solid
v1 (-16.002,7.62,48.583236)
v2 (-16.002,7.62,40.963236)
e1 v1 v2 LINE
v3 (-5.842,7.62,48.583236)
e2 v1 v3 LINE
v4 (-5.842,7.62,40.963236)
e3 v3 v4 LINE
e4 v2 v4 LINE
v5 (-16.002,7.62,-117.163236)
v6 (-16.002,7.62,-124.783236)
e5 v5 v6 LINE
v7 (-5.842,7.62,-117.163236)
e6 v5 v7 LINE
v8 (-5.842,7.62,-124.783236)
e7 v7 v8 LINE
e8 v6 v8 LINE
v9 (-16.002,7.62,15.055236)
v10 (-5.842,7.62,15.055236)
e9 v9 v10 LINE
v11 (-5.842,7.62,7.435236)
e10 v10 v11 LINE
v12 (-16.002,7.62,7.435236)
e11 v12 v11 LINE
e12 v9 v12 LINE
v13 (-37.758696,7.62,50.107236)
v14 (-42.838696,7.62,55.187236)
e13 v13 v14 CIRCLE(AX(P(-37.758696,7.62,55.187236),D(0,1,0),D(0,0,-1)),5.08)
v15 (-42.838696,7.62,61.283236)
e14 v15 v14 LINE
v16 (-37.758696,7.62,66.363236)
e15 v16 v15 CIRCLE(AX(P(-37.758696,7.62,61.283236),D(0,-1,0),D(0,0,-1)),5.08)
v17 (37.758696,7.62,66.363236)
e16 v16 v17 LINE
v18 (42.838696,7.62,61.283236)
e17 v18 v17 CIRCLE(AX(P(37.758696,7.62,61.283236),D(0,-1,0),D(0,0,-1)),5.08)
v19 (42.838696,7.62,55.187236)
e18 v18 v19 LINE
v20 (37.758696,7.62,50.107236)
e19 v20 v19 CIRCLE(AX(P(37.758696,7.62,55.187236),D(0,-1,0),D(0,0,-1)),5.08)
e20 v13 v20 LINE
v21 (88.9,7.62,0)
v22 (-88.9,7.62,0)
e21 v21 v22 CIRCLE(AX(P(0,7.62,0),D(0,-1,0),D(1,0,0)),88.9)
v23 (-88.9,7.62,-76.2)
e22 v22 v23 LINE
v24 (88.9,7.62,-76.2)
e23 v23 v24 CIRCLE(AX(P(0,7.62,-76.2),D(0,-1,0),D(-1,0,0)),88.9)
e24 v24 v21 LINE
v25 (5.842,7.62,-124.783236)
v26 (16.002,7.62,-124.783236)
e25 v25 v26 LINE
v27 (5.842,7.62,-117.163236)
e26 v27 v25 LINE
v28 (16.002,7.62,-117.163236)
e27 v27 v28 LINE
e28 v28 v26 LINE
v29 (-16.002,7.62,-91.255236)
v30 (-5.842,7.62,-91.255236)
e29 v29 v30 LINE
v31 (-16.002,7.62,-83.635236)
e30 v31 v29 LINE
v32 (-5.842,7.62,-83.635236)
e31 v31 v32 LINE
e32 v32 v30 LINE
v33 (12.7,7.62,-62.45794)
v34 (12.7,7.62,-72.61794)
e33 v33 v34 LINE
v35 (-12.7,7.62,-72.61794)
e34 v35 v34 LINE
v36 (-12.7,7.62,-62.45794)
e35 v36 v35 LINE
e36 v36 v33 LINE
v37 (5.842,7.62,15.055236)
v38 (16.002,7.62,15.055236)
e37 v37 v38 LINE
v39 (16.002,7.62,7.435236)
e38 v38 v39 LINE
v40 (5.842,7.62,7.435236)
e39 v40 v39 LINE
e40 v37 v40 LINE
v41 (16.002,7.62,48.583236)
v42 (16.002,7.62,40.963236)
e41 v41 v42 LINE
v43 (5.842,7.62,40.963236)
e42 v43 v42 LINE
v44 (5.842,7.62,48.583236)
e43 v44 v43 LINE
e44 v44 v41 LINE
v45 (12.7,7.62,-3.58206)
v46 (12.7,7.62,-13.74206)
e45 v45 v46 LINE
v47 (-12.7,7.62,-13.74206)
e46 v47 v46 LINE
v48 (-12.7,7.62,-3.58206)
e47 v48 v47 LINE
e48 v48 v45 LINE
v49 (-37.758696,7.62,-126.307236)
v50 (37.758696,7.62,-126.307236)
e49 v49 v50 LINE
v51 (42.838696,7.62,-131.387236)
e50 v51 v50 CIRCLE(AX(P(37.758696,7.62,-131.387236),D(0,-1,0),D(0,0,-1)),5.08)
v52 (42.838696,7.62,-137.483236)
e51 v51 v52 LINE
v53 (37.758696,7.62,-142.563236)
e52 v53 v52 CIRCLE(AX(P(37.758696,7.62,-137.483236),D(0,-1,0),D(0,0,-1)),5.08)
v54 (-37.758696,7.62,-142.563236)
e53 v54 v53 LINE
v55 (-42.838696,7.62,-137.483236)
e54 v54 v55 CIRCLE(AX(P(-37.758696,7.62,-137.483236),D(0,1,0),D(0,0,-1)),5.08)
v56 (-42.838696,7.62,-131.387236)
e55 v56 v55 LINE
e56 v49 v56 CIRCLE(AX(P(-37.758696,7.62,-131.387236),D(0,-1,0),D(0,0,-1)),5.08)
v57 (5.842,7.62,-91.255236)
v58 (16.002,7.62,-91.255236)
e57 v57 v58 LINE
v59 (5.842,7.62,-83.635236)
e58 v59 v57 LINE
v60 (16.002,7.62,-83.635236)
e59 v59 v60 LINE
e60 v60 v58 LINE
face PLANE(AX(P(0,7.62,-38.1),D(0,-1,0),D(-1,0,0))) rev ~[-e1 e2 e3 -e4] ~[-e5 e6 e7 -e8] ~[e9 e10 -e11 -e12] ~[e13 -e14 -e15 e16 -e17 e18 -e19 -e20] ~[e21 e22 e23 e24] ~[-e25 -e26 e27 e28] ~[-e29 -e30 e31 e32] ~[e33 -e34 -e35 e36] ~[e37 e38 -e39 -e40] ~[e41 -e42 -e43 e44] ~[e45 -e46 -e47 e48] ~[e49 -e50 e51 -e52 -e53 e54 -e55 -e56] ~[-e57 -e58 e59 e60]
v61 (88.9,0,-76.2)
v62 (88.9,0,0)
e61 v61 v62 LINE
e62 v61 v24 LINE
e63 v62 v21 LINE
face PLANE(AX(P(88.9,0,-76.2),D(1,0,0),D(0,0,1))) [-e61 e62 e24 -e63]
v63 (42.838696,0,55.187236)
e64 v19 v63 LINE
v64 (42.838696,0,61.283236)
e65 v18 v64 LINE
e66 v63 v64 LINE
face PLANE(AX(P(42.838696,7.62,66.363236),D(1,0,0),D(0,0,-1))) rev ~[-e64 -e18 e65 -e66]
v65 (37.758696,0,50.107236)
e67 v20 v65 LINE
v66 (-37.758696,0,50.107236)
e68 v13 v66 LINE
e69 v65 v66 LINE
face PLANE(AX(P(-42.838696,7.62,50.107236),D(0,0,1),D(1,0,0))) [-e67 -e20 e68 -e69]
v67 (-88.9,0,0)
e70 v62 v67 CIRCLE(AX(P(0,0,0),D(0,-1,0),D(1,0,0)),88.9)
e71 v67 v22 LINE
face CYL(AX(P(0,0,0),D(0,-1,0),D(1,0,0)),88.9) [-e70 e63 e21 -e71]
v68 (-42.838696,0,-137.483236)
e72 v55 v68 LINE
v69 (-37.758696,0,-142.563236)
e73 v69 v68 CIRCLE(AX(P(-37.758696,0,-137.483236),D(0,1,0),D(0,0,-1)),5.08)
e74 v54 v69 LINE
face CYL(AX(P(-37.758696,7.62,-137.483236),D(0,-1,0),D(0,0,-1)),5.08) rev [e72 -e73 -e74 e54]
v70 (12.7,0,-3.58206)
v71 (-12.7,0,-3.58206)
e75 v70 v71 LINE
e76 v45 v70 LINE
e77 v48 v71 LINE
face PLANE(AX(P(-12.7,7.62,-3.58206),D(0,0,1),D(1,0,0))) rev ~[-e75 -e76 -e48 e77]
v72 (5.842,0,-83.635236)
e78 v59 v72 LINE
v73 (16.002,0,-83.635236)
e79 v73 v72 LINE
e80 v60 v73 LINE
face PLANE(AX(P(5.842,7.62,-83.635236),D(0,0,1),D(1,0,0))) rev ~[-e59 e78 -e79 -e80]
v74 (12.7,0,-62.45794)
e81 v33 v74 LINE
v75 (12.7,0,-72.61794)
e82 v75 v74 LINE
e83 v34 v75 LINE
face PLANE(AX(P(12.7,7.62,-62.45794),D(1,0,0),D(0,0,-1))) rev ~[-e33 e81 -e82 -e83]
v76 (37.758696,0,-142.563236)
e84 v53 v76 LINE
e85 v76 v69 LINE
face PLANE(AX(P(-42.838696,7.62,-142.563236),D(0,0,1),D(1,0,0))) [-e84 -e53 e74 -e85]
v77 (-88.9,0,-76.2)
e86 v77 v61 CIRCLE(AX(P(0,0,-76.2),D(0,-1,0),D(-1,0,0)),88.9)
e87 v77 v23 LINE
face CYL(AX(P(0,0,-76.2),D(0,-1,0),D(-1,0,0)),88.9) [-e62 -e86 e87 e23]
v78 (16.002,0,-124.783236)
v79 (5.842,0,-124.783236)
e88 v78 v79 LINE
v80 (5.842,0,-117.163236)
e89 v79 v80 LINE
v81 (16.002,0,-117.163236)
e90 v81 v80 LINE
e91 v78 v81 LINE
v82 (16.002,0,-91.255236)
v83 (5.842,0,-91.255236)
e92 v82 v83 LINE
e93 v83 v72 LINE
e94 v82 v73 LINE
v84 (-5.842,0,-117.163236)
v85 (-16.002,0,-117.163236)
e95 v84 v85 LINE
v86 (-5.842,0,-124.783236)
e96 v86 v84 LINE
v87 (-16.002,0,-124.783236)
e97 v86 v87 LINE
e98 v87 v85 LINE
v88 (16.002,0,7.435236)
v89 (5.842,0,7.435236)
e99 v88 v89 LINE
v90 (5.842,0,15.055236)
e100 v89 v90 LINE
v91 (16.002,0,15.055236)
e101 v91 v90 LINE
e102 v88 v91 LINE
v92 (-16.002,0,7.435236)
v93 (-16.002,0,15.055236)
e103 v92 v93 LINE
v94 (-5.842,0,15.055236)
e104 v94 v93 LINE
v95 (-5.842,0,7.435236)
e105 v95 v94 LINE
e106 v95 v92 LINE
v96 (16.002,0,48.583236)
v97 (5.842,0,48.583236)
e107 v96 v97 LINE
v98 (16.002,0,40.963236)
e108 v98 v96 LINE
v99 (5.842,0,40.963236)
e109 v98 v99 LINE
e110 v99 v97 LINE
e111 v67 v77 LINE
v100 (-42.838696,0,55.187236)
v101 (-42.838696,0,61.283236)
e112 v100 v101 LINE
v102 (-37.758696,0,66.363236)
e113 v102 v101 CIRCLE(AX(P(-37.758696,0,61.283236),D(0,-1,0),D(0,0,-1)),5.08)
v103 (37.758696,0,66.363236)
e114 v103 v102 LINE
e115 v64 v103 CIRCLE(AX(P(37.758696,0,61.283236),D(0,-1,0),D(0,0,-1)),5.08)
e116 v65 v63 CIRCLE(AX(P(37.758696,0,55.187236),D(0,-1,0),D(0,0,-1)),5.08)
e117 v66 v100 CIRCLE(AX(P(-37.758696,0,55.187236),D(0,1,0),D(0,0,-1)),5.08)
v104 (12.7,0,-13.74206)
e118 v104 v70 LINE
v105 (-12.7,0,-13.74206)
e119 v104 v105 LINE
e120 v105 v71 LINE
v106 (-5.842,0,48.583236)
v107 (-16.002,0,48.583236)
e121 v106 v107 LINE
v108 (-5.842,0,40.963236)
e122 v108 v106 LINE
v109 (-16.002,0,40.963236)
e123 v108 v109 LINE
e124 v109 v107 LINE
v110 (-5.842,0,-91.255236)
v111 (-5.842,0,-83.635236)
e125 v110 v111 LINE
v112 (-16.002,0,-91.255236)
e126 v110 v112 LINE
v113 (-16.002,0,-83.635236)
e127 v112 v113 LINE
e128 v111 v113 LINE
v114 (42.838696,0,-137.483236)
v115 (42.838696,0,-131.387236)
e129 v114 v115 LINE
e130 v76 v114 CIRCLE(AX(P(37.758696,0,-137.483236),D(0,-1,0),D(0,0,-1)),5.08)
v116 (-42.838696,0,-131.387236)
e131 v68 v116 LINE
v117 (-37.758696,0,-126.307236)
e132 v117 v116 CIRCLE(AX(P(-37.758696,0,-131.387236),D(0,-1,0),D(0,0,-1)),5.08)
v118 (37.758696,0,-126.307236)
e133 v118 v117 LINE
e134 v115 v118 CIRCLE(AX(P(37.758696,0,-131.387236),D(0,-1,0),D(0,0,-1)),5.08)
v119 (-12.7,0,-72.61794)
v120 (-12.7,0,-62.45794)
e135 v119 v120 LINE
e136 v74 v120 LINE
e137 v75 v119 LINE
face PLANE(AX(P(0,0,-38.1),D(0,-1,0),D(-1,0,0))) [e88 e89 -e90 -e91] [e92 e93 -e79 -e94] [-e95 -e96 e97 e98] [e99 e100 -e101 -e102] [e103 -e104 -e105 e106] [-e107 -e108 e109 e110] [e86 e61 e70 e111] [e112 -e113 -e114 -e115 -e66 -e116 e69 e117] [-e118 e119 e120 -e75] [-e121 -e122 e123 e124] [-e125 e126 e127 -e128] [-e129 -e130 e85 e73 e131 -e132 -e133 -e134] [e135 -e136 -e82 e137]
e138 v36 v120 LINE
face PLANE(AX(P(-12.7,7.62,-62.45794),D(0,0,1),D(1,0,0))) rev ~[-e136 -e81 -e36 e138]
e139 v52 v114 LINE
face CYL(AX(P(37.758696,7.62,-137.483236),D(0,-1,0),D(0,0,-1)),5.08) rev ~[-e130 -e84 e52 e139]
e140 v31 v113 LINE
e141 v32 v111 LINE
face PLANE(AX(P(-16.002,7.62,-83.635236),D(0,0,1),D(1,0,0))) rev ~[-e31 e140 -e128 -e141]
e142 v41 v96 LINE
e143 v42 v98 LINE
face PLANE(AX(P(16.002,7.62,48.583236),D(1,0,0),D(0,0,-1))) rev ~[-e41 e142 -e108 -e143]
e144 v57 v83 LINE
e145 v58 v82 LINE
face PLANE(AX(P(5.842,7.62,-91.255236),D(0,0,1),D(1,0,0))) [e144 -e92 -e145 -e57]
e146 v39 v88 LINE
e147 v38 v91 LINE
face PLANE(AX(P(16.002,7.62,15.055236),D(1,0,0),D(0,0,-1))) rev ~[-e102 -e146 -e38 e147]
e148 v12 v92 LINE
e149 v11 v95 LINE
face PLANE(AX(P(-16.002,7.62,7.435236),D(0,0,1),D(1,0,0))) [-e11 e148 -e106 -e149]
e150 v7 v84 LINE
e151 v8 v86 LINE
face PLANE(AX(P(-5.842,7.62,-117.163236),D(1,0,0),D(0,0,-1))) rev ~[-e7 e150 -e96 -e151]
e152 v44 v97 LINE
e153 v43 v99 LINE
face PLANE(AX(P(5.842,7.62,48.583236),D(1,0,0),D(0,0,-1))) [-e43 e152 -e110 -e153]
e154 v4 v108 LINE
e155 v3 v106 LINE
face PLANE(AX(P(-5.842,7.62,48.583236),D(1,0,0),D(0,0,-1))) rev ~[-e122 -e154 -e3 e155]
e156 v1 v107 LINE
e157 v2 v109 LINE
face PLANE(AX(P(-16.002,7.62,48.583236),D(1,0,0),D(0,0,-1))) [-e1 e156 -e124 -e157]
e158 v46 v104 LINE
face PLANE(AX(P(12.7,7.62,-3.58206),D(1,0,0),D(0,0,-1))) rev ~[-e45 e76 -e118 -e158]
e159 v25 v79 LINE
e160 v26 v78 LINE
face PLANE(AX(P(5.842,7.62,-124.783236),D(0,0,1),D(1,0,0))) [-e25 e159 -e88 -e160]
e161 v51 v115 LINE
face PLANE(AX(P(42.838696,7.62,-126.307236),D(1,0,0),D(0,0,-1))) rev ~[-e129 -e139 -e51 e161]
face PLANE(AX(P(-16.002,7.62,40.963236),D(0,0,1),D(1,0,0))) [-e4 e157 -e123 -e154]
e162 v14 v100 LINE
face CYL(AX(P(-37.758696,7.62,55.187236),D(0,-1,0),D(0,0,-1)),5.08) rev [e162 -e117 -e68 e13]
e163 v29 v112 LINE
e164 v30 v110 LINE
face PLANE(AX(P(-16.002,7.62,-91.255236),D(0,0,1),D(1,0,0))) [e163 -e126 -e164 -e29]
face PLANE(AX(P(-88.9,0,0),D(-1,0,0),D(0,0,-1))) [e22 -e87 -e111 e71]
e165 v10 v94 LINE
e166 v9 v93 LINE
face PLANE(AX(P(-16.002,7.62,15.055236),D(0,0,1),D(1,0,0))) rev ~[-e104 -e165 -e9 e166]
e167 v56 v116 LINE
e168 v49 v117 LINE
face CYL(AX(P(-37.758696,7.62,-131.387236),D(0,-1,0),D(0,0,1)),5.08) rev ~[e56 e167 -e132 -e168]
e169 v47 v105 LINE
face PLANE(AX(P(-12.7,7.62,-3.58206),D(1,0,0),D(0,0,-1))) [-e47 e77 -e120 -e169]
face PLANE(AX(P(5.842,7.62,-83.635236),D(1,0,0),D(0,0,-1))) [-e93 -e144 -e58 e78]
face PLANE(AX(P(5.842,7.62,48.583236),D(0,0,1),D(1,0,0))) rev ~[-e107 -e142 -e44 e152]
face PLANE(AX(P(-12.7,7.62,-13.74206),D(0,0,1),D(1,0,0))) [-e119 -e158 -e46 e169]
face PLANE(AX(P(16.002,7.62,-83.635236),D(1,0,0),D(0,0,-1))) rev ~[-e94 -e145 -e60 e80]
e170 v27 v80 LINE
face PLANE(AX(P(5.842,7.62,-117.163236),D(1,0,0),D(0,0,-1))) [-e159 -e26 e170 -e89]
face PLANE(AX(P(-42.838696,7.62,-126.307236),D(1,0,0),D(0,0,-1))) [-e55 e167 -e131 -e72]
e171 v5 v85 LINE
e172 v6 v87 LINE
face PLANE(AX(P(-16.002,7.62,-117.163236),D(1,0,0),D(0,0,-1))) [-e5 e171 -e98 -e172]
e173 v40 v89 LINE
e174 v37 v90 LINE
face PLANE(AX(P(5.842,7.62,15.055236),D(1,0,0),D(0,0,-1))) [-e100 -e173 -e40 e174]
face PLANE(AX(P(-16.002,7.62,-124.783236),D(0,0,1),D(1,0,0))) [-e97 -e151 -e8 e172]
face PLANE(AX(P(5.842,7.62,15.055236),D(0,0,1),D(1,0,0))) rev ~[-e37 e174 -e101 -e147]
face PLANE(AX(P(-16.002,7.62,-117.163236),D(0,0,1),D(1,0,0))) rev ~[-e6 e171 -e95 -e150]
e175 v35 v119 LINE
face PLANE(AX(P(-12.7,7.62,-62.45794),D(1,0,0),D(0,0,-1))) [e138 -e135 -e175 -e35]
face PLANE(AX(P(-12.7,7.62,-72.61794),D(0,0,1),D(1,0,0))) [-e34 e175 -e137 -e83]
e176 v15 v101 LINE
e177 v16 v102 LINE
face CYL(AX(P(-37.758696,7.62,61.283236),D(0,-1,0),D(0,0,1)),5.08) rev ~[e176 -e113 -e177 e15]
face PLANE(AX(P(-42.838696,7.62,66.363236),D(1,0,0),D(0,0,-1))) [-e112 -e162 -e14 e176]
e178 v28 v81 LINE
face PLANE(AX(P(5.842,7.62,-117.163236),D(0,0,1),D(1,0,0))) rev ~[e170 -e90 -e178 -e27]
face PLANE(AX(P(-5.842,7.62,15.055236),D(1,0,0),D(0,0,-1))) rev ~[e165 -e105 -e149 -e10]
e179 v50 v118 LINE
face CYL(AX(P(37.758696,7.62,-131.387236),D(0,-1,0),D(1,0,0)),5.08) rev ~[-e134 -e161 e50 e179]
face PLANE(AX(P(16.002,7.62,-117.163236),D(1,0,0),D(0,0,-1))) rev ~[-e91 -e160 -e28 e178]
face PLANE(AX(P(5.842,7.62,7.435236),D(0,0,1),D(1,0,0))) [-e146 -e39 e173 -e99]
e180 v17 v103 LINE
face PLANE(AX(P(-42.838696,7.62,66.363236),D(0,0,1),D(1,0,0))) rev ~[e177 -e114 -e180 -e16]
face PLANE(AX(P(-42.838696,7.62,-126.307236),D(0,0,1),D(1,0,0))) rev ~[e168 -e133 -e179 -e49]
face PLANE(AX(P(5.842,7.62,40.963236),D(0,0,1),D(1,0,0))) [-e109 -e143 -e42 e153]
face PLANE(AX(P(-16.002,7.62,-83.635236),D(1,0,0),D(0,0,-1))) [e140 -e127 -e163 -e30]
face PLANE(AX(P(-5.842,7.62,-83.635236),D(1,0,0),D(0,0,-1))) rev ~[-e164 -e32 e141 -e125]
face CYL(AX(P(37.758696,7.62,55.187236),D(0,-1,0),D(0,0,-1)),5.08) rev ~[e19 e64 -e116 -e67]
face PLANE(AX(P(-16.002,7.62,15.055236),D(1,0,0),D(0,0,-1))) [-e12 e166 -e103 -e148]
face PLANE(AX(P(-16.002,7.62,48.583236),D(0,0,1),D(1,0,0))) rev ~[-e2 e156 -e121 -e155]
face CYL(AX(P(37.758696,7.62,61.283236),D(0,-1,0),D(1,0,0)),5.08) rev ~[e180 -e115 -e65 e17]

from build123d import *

# Parameters (mm, degrees)
BOSS_EXTRUDE1_DEPTH     = 7.62
SKETCH2_W               = 85.677392152
SKETCH2_H               = 16.256
CUT_EXTRUDE1_DEPTH      = 1
CUT_EXTRUDE1_DEPTH_BACK = 8.62
FILLET1_R               = 5.08
SKETCH3_W               = 10.16
SKETCH3_H               = 7.62
CUT_EXTRUDE2_DEPTH      = 8.62
SKETCH4_W               = 25.4
SKETCH4_H               = 10.16
CUT_EXTRUDE3_DEPTH      = 8.62


with BuildPart() as part:
    # Sketch1 → Boss-Extrude1 (new body)
    with BuildSketch(Plane(origin=(0, 0, 0), x_dir=(1, 0, 0), z_dir=(0, 1, 0))):
        with BuildLine():
            Line((-88.9, 0), (-88.9, 76.2))
            ThreePointArc((-88.9, 76.2), (0, 165.1), (88.9, 76.2))
            Line((88.9, 76.2), (88.9, 0))
            ThreePointArc((88.9, 0), (0, -88.9), (-88.9, 0))
        make_face()
    extrude(amount=BOSS_EXTRUDE1_DEPTH)

    # Sketch2 → Cut-Extrude1 (cut, two sides)
    with BuildSketch(Plane(origin=(0, 7.62, 0), x_dir=(1, 0, 0), z_dir=(0, 1, 0))) as cut_extrude1_sk:
        with Locations((0, -58.235236409)):
            Rectangle(SKETCH2_W, SKETCH2_H)
        with Locations((0, 134.435236409)):
            Rectangle(SKETCH2_W, SKETCH2_H)
    extrude(amount=CUT_EXTRUDE1_DEPTH, mode=Mode.SUBTRACT)
    extrude(cut_extrude1_sk.sketch, amount=-CUT_EXTRUDE1_DEPTH_BACK, mode=Mode.SUBTRACT)

    # Fillet1
    fillet1_edges = [part.edges().sort_by_distance(p)[0] for p in [
        (-42.838696076, 3.81, 66.363236409),
        (-42.838696076, 3.81, 50.107236409),
        (42.838696076, 3.81, 50.107236409),
        (42.838696076, 3.81, 66.363236409),
        (-42.838696076, 3.81, -126.307236409),
        (-42.838696076, 3.81, -142.563236409),
        (42.838696076, 3.81, -142.563236409),
        (42.838696076, 3.81, -126.307236409),
    ]]
    fillet(fillet1_edges, radius=FILLET1_R)

    # Sketch3 → Cut-Extrude2 (cut, through all)
    with BuildSketch(Plane(origin=(0, 7.62, 0), x_dir=(1, 0, 0), z_dir=(0, 1, 0))):
        with Locations((10.922, 87.445236409)):
            Rectangle(SKETCH3_W, SKETCH3_H)
        with Locations((-10.922, 87.445236409)):
            Rectangle(SKETCH3_W, SKETCH3_H)
        with Locations((10.922, 120.973236409)):
            Rectangle(SKETCH3_W, SKETCH3_H)
        with Locations((-10.922, 120.973236409)):
            Rectangle(SKETCH3_W, SKETCH3_H)
        with Locations((-10.922, -11.245236409)):
            Rectangle(SKETCH3_W, SKETCH3_H)
        with Locations((10.922, -11.245236409)):
            Rectangle(SKETCH3_W, SKETCH3_H)
        with Locations((-10.922, -44.773236409)):
            Rectangle(SKETCH3_W, SKETCH3_H)
        with Locations((10.922, -44.773236409)):
            Rectangle(SKETCH3_W, SKETCH3_H)
    extrude(amount=-CUT_EXTRUDE2_DEPTH, mode=Mode.SUBTRACT)

    # Sketch4 → Cut-Extrude3 (cut, through all)
    with BuildSketch(Plane(origin=(0, 7.62, 0), x_dir=(1, 0, 0), z_dir=(0, 1, 0))):
        with Locations((0, 67.537940424)):
            Rectangle(SKETCH4_W, SKETCH4_H)
        with Locations((0, 8.662059576)):
            Rectangle(SKETCH4_W, SKETCH4_H)
    extrude(amount=-CUT_EXTRUDE3_DEPTH, mode=Mode.SUBTRACT)


solid = part.part
